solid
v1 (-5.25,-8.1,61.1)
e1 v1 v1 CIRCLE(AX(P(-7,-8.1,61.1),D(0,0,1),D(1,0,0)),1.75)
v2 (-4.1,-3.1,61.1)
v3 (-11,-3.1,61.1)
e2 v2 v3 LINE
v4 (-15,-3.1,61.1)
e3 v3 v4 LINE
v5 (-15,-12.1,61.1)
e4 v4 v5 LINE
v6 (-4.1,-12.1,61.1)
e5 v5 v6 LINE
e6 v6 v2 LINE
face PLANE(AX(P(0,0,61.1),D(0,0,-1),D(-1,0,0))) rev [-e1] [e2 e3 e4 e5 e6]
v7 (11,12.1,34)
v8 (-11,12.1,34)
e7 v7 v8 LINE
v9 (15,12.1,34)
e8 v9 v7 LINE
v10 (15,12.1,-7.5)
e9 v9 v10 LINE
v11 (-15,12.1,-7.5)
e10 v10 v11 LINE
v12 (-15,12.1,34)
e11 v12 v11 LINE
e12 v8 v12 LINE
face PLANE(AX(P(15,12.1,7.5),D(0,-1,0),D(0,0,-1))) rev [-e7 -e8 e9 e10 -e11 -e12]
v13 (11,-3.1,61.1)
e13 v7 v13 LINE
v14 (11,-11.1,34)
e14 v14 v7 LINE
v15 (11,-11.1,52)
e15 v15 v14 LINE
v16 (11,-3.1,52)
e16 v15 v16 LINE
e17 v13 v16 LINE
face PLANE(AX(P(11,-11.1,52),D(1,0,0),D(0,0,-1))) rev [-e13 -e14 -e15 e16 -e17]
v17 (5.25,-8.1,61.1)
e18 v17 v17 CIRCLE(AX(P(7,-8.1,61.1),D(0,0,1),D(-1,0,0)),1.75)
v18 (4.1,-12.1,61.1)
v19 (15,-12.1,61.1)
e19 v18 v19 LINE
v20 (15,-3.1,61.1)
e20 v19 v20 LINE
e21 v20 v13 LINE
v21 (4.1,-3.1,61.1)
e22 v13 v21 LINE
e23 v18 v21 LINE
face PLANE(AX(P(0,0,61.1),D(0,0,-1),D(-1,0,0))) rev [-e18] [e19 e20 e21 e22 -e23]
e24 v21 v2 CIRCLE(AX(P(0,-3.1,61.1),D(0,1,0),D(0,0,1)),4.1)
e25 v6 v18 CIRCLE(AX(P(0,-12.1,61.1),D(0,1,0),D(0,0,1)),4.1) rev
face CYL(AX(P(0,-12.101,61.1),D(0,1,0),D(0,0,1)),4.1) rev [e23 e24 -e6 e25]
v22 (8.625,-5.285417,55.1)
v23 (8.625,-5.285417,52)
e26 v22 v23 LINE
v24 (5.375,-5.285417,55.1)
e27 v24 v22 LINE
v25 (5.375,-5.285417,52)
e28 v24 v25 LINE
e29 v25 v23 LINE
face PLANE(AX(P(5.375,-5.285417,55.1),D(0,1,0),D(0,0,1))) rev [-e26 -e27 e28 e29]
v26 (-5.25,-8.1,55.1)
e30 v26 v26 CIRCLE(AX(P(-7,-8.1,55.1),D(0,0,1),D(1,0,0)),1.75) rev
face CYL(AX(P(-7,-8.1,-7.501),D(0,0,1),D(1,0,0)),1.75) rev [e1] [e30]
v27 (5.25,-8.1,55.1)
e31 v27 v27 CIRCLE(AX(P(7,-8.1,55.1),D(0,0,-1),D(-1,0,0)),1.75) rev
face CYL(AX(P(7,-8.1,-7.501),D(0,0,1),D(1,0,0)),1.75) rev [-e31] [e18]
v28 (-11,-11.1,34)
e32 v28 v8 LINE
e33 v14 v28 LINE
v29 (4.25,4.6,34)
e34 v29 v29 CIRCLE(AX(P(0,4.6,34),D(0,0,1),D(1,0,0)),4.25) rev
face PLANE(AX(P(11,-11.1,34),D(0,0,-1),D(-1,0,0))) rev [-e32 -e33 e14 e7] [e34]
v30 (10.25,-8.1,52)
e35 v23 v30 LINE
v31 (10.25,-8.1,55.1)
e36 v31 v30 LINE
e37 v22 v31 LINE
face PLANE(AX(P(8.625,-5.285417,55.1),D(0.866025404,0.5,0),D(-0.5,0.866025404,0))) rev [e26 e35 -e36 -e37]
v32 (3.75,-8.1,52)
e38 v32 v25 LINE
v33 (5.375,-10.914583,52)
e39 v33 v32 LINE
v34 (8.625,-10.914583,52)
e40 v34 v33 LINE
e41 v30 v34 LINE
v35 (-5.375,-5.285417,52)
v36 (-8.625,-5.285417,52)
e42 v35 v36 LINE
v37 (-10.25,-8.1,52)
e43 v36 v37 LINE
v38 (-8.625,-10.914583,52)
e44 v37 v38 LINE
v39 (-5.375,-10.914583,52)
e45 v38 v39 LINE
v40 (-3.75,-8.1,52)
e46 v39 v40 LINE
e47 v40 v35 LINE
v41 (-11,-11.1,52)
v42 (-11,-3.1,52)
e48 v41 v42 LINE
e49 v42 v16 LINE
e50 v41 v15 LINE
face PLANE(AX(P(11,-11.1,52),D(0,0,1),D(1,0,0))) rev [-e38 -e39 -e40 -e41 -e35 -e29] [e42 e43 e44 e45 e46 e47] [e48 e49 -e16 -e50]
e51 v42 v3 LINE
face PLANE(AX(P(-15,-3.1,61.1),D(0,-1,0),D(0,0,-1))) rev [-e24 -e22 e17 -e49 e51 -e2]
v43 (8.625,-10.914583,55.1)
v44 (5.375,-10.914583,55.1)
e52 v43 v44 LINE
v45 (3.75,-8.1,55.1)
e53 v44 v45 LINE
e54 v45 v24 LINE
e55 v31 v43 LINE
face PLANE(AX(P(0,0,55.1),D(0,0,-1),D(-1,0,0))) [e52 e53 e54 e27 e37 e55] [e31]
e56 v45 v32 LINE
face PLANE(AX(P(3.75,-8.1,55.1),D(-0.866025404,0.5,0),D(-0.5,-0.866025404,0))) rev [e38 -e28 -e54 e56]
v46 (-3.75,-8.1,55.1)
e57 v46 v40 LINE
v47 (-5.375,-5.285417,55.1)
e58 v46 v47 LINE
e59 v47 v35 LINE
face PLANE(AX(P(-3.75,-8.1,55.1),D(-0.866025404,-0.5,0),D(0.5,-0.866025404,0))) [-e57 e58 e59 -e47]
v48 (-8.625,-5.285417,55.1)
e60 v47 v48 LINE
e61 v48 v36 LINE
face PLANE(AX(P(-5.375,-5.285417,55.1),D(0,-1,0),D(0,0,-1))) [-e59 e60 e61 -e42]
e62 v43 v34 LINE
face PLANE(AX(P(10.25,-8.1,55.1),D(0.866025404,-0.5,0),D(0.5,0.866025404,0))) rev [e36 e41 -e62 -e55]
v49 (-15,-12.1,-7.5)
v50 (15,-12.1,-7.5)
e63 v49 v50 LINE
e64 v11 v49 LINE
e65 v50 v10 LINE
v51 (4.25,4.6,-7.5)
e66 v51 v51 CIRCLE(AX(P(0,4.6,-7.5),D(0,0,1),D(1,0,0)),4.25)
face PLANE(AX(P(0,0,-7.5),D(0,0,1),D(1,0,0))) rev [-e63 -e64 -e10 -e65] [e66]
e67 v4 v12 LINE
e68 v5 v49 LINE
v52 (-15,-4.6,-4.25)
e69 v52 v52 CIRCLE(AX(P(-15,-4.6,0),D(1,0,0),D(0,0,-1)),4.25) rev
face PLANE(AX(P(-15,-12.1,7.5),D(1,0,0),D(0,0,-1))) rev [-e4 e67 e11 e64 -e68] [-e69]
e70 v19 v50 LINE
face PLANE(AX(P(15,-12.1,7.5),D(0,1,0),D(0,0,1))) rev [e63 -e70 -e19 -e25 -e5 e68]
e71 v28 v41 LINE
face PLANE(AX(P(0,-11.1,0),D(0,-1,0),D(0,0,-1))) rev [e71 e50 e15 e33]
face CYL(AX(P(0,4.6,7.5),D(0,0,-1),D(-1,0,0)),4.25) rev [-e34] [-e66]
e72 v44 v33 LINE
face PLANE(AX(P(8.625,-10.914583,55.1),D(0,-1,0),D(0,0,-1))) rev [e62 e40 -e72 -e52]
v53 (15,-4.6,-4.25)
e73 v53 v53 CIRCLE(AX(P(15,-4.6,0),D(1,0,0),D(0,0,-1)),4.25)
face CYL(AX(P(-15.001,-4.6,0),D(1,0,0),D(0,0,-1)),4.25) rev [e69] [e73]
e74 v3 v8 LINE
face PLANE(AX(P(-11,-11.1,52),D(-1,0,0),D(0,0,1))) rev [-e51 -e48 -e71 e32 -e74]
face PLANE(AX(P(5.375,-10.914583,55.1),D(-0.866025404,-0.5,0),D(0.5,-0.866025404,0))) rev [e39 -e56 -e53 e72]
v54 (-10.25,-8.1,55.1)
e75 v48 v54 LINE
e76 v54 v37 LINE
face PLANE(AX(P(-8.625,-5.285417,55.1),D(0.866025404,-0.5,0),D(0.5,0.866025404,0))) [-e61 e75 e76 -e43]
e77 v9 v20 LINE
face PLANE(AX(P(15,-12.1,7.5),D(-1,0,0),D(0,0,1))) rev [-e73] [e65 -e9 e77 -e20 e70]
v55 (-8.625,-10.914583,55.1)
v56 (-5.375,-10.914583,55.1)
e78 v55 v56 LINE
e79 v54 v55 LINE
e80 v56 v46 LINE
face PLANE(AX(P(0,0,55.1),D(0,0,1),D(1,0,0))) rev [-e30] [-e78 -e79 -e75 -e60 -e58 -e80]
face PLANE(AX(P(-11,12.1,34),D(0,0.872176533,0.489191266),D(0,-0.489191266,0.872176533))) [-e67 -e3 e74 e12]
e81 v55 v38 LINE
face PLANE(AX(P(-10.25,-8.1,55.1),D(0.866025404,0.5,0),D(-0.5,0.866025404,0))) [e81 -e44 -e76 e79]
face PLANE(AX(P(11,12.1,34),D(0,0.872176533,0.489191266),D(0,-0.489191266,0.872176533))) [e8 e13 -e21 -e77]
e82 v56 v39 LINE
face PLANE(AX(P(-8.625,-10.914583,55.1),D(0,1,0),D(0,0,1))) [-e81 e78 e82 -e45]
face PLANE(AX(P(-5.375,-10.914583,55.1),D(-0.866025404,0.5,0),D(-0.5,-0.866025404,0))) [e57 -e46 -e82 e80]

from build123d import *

# Parameters (mm, degrees)
SCHIZZO7_W                   = 30
SCHIZZO7_H                   = 24.2
SCHIZZO7_R                   = 4.25
ESTRUSIONE_ESTRUSIONE3_DEPTH = 7.5
TAGLIO_ESTRUSIONE1_REACH     = 35.206
SCHIZZO8_R                   = 4.25
SCHIZZO12_W                  = 30
SCHIZZO12_H                  = 9
ESTRUSIONE_ESTRUSIONE5_DEPTH = 53.6
TAGLIO_ESTRUSIONE3_REACH     = 66.724
SCHIZZO15_W                  = 22
SCHIZZO15_H                  = 18
TAGLIO_ESTRUSIONE4_DEPTH     = 8
TAGLIO_ESTRUSIONE5_REACH     = 73.256
SCHIZZO16_R                  = 1.75
TAGLIO_ESTRUSIONE6_DEPTH     = 3.1
SCHIZZO20_W                  = 30
SCHIZZO20_H                  = 15.2
SCHIZZO20_R                  = 4.25
ESTRUSIONE_ESTRUSIONE6_DEPTH = 26.5
ESTRUSIONE_ESTRUSIONE7_DEPTH = 4
ESTRUSIONE_ESTRUSIONE8_START = -4
ESTRUSIONE_ESTRUSIONE8_DEPTH = 4


with BuildPart() as part:
    # Schizzo7 → Estrusione-Estrusione3 (new, symmetric)
    with BuildSketch(Plane.XY):
        Rectangle(SCHIZZO7_W, SCHIZZO7_H)
        with Locations((0, 4.6)):
            Circle(SCHIZZO7_R, mode=Mode.SUBTRACT)
    extrude(amount=ESTRUSIONE_ESTRUSIONE3_DEPTH, both=True)

    # Schizzo8 → Taglio-Estrusione1 (cut, up to next)
    with BuildSketch(Plane(origin=(15, 0, 0), x_dir=(0, 0, -1), z_dir=(1, 0, 0)), mode=Mode.PRIVATE) as taglio_estrusione1_sk1:
        with Locations((0, -4.6)):
            Circle(SCHIZZO8_R)
    taglio_estrusione1_tool1 = extrude(taglio_estrusione1_sk1.sketch, amount=-TAGLIO_ESTRUSIONE1_REACH, mode=Mode.PRIVATE) & part.part
    add(taglio_estrusione1_tool1.solids().sort_by_distance((15, -4.6, 0))[0], mode=Mode.SUBTRACT)

    # Schizzo12 → Estrusione-Estrusione5 (add)
    with BuildSketch(Plane.XY.offset(7.5)):
        with Locations((0, -7.6)):
            Rectangle(SCHIZZO12_W, SCHIZZO12_H)
    extrude(amount=ESTRUSIONE_ESTRUSIONE5_DEPTH)

    # Schizzo14 → Taglio-Estrusione3 (cut, up to next)
    with BuildSketch(Plane(origin=(0, -3.1, 0), x_dir=(1, 0, 0), z_dir=(0, 1, 0)), mode=Mode.PRIVATE) as taglio_estrusione3_sk1:
        with BuildLine():
            Line((4.1, -61.1), (-4.1, -61.1))
            ThreePointArc((-4.1, -61.1), (0, -57), (4.1, -61.1))
        make_face()
    taglio_estrusione3_tool1 = extrude(taglio_estrusione3_sk1.sketch, amount=-TAGLIO_ESTRUSIONE3_REACH, mode=Mode.PRIVATE) & part.part
    add(taglio_estrusione3_tool1.solids().sort_by_distance((0, -3.1, 59.359906))[0], mode=Mode.SUBTRACT)

    # Schizzo15 → Taglio-Estrusione4 (cut)
    with BuildSketch(Plane(origin=(0, -3.1, 0), x_dir=(1, 0, 0), z_dir=(0, 1, 0))):
        with Locations((0, -43)):
            Rectangle(SCHIZZO15_W, SCHIZZO15_H)
    extrude(amount=-TAGLIO_ESTRUSIONE4_DEPTH, mode=Mode.SUBTRACT)

    # Schizzo16 → Taglio-Estrusione5 (cut, up to next)
    with BuildSketch(Plane.XY.offset(61.1), mode=Mode.PRIVATE) as taglio_estrusione5_sk1:
        with Locations((-7, -8.1)):
            Circle(SCHIZZO16_R)
    taglio_estrusione5_tool1 = extrude(taglio_estrusione5_sk1.sketch, amount=-TAGLIO_ESTRUSIONE5_REACH, mode=Mode.PRIVATE) & part.part
    # Schizzo16 → Taglio-Estrusione5 (cut, up to next)
    with BuildSketch(Plane.XY.offset(61.1), mode=Mode.PRIVATE) as taglio_estrusione5_sk2:
        with Locations((7, -8.1)):
            Circle(SCHIZZO16_R)
    taglio_estrusione5_tool2 = extrude(taglio_estrusione5_sk2.sketch, amount=-TAGLIO_ESTRUSIONE5_REACH, mode=Mode.PRIVATE) & part.part
    add(taglio_estrusione5_tool1.solids().sort_by_distance((-7, -8.1, 61.1))[0], mode=Mode.SUBTRACT)
    add(taglio_estrusione5_tool2.solids().sort_by_distance((7, -8.1, 61.1))[0], mode=Mode.SUBTRACT)

    # Schizzo17 → Taglio-Estrusione6 (cut)
    with BuildSketch(Plane(origin=(0, 0, 52), x_dir=(-1, 0, 0), z_dir=(0, 0, -1))):
        Polygon((-3.75, -8.1), (-5.375, -5.285417438), (-8.625, -5.285417438), (-10.25, -8.1), (-8.625, -10.914582562), (-5.375, -10.914582562), align=None)
        Polygon((5.375, -10.914582562), (3.75, -8.1), (5.375, -5.285417438), (8.625, -5.285417438), (10.25, -8.1), (8.625, -10.914582562), align=None)
    extrude(amount=-TAGLIO_ESTRUSIONE6_DEPTH, mode=Mode.SUBTRACT)

    # Schizzo20 → Estrusione-Estrusione6 (add)
    with BuildSketch(Plane.XY.offset(7.5)):
        with Locations((0, 4.5)):
            Rectangle(SCHIZZO20_W, SCHIZZO20_H)
        with Locations((0, 4.6)):
            Circle(SCHIZZO20_R, mode=Mode.SUBTRACT)
    extrude(amount=ESTRUSIONE_ESTRUSIONE6_DEPTH)

    # Schizzo21 → Estrusione-Estrusione7 (add)
    with BuildSketch(Plane.ZY.offset(15)):
        Polygon((34, 12.1), (61.1, -3.1), (34, -3.1), align=None)
    extrude(amount=-ESTRUSIONE_ESTRUSIONE7_DEPTH)

    # Schizzo22 → Estrusione-Estrusione8 (add)
    with BuildSketch(Plane(origin=(15, 0, 0), x_dir=(0, 0, -1), z_dir=(1, 0, 0)).offset(ESTRUSIONE_ESTRUSIONE8_START)):
        Polygon((-34, 12.1), (-61.1, -3.1), (-34, -3.1), align=None)
    extrude(amount=ESTRUSIONE_ESTRUSIONE8_DEPTH)


solid = part.part
